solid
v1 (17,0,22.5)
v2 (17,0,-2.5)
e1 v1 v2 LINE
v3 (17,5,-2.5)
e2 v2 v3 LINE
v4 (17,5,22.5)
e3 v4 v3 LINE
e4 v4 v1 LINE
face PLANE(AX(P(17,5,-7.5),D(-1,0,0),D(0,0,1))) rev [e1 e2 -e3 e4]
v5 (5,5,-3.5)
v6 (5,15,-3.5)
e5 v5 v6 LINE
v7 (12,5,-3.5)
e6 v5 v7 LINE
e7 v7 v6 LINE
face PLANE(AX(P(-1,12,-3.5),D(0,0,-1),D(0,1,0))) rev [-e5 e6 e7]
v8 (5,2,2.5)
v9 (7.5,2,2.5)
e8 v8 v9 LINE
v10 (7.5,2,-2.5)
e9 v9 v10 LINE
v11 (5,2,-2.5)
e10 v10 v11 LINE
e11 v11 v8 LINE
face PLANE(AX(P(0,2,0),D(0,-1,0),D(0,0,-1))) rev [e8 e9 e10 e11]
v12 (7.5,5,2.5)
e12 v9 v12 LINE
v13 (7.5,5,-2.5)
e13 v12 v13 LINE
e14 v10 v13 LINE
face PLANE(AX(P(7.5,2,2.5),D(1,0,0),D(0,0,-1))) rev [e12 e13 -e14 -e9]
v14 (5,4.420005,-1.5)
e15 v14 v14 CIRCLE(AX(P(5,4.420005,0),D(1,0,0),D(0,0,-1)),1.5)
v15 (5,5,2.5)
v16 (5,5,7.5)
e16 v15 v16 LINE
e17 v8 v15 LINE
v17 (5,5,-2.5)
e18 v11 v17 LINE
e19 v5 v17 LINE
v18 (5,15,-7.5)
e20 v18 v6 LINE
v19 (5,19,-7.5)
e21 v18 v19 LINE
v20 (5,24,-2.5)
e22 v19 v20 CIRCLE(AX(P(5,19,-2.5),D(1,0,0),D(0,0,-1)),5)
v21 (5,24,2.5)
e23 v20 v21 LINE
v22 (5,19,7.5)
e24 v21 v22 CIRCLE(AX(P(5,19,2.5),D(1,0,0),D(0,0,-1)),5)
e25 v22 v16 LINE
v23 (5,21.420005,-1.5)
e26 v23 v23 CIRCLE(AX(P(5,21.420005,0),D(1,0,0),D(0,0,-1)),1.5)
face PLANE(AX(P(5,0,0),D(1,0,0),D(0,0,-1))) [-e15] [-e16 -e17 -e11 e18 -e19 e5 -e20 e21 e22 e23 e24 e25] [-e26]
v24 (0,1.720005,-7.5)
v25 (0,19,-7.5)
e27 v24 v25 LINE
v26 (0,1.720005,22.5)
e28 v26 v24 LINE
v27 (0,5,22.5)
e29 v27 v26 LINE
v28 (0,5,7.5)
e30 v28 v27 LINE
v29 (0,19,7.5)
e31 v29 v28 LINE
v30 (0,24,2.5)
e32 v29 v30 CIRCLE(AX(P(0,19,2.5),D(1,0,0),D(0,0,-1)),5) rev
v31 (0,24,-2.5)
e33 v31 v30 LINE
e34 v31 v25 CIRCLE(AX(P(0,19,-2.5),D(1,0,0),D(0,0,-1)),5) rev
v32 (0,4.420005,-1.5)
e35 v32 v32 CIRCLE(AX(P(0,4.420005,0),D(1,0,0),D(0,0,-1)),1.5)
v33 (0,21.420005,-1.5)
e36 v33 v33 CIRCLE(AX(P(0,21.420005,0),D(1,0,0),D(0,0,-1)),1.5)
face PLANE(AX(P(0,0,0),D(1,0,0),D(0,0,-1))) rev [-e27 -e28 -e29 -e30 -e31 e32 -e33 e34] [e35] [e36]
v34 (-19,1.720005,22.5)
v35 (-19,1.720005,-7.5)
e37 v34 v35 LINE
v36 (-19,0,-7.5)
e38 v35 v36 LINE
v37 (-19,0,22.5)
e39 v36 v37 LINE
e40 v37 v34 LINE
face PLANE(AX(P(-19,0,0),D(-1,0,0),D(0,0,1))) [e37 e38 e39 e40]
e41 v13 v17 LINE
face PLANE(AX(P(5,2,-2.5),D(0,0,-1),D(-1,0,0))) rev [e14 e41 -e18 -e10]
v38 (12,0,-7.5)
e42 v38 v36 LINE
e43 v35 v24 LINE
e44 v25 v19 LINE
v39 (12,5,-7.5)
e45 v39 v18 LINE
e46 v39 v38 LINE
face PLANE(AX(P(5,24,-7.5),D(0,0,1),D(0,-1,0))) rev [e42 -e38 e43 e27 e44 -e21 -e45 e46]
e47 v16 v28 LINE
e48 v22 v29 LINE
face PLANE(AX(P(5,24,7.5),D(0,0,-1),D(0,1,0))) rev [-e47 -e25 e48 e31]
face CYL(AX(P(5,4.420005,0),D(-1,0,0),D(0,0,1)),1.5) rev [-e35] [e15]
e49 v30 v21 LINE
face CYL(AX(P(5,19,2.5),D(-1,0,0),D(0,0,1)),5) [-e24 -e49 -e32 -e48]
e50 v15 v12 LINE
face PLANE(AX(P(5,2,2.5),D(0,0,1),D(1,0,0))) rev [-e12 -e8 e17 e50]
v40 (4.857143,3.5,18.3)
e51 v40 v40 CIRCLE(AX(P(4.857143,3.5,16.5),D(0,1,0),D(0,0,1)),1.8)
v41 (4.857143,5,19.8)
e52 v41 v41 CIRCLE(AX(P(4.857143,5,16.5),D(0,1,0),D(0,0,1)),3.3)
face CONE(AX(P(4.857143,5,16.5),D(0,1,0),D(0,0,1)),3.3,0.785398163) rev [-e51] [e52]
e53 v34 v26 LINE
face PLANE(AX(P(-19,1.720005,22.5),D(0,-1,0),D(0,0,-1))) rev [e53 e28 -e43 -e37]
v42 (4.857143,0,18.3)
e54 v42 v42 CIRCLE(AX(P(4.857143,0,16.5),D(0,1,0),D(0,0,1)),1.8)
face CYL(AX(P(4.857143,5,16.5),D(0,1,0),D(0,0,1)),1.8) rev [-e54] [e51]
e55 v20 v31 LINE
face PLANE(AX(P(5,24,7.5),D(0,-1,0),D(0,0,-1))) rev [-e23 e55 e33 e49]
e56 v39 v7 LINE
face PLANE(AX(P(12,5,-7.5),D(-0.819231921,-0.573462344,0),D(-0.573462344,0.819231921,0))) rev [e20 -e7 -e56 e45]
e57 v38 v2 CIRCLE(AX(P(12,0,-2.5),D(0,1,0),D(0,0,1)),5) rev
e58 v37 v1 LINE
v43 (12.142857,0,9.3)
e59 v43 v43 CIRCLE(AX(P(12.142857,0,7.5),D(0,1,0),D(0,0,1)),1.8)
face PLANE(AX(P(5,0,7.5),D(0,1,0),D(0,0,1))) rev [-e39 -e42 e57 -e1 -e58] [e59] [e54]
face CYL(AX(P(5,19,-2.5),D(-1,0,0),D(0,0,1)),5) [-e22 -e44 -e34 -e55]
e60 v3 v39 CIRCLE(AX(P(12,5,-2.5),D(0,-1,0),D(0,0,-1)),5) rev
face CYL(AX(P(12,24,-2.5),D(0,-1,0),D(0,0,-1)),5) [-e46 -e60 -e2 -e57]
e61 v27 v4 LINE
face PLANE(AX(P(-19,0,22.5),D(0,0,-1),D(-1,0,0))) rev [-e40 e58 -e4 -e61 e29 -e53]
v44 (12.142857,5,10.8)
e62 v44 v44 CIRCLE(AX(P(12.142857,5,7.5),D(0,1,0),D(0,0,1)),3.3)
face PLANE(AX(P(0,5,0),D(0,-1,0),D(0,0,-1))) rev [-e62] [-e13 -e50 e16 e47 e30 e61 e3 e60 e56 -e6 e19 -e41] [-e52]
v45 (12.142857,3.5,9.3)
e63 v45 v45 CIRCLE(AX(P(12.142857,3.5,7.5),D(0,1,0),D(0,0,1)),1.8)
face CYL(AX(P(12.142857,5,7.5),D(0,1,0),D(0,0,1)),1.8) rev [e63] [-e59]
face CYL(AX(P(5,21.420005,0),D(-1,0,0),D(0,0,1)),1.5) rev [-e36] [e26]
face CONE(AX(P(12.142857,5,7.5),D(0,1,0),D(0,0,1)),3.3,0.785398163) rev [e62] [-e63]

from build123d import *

# Parameters (mm, degrees)
SKETCH_1_W                = 15
SKETCH_1_H                = 24
SKETCH_1_R                = 1.5
EXTRUDE_1_DEPTH           = 5
SKETCH_2_W                = 30
SKETCH_2_H                = 1.720004632
EXTRUDE_2_DEPTH           = 19
EXTRUDE_5_DEPTH           = 5
SKETCH_7_W                = 2.5
SKETCH_7_H                = 5
CUT_EXTRUDE_1_DEPTH       = 3
FILLET_1_R                = 5
HOLE_WIZARD_1_D           = 3.6
HOLE_WIZARD_1_CSINK_D     = 6.6
HOLE_WIZARD_1_CSINK_ANGLE = 90
RIB_1_REACH               = 44.86
SKETCH_10_WALL_W          = 99.927031582
SKETCH_10_WALL_H          = 4


with BuildPart() as part:
    # 草图1 → 凸台-拉伸1 (new body)
    with BuildSketch(Plane(origin=(0, 0, 0), x_dir=(0, 0, -1), z_dir=(1, 0, 0))):
        with Locations((0, 12)):
            Rectangle(SKETCH_1_W, SKETCH_1_H)
        with Locations((0, 4.420004632)):
            Circle(SKETCH_1_R, mode=Mode.SUBTRACT)
        with Locations((0, 21.420004632)):
            Circle(SKETCH_1_R, mode=Mode.SUBTRACT)
    extrude(amount=EXTRUDE_1_DEPTH)

    # 草图2 → 凸台-拉伸2 (add)
    with BuildSketch(Plane.ZY):
        with Locations((7.5, 0.860002316)):
            Rectangle(SKETCH_2_W, SKETCH_2_H)
    extrude(amount=EXTRUDE_2_DEPTH)

    # 草图4 → 凸台-拉伸5 (add)
    with BuildSketch(Plane(origin=(0, 0, 0), x_dir=(1, 0, 0), z_dir=(0, 1, 0))):
        Polygon((5, 7.5), (17, 7.5), (17, -22.5), (0, -22.5), (0, -7.5), (5, -7.5), align=None)
    extrude(amount=EXTRUDE_5_DEPTH)

    # 草图7 → 切除-拉伸1 (cut)
    with BuildSketch(Plane(origin=(0, 5, 0), x_dir=(1, 0, 0), z_dir=(0, 1, 0))):
        with Locations((6.25, 0)):
            Rectangle(SKETCH_7_W, SKETCH_7_H)
    extrude(amount=-CUT_EXTRUDE_1_DEPTH, mode=Mode.SUBTRACT)

    # 圆角1
    fillet_1_edges = [part.edges().sort_by_distance(p)[0] for p in [
        (17, 2.5, -7.5),
        (2.5, 24, 7.5),
        (2.5, 24, -7.5),
    ]]
    fillet(fillet_1_edges, radius=FILLET_1_R)

    # 打孔尺寸(%根据十字)槽半沉头木螺钉的类型1 (through all)
    with Locations(Plane(origin=(0, 5, 0), x_dir=(1, 0, 0), z_dir=(0, 1, 0))):
        with Locations((4.857142857, -16.5), (12.142857143, -7.5)):
            CounterSinkHole(HOLE_WIZARD_1_D / 2, HOLE_WIZARD_1_CSINK_D / 2, counter_sink_angle=HOLE_WIZARD_1_CSINK_ANGLE)

    # 草图10 wall → 筋1 (add, up to next)
    with BuildSketch(Plane(origin=(8.5, 10, -7.5), x_dir=(-0.573462344363, 0.819231920519, 0), z_dir=(0.819231920519, 0.573462344363, 0)), mode=Mode.PRIVATE) as rib_1_sk1:
        with Locations((0, 2)):
            Rectangle(SKETCH_10_WALL_W, SKETCH_10_WALL_H)
    rib_1_tool1 = extrude(rib_1_sk1.sketch, amount=-RIB_1_REACH, mode=Mode.PRIVATE) - part.part
    add(rib_1_tool1.solids().sort_by_distance((8.5, 10, -7.5))[0])


solid = part.part
